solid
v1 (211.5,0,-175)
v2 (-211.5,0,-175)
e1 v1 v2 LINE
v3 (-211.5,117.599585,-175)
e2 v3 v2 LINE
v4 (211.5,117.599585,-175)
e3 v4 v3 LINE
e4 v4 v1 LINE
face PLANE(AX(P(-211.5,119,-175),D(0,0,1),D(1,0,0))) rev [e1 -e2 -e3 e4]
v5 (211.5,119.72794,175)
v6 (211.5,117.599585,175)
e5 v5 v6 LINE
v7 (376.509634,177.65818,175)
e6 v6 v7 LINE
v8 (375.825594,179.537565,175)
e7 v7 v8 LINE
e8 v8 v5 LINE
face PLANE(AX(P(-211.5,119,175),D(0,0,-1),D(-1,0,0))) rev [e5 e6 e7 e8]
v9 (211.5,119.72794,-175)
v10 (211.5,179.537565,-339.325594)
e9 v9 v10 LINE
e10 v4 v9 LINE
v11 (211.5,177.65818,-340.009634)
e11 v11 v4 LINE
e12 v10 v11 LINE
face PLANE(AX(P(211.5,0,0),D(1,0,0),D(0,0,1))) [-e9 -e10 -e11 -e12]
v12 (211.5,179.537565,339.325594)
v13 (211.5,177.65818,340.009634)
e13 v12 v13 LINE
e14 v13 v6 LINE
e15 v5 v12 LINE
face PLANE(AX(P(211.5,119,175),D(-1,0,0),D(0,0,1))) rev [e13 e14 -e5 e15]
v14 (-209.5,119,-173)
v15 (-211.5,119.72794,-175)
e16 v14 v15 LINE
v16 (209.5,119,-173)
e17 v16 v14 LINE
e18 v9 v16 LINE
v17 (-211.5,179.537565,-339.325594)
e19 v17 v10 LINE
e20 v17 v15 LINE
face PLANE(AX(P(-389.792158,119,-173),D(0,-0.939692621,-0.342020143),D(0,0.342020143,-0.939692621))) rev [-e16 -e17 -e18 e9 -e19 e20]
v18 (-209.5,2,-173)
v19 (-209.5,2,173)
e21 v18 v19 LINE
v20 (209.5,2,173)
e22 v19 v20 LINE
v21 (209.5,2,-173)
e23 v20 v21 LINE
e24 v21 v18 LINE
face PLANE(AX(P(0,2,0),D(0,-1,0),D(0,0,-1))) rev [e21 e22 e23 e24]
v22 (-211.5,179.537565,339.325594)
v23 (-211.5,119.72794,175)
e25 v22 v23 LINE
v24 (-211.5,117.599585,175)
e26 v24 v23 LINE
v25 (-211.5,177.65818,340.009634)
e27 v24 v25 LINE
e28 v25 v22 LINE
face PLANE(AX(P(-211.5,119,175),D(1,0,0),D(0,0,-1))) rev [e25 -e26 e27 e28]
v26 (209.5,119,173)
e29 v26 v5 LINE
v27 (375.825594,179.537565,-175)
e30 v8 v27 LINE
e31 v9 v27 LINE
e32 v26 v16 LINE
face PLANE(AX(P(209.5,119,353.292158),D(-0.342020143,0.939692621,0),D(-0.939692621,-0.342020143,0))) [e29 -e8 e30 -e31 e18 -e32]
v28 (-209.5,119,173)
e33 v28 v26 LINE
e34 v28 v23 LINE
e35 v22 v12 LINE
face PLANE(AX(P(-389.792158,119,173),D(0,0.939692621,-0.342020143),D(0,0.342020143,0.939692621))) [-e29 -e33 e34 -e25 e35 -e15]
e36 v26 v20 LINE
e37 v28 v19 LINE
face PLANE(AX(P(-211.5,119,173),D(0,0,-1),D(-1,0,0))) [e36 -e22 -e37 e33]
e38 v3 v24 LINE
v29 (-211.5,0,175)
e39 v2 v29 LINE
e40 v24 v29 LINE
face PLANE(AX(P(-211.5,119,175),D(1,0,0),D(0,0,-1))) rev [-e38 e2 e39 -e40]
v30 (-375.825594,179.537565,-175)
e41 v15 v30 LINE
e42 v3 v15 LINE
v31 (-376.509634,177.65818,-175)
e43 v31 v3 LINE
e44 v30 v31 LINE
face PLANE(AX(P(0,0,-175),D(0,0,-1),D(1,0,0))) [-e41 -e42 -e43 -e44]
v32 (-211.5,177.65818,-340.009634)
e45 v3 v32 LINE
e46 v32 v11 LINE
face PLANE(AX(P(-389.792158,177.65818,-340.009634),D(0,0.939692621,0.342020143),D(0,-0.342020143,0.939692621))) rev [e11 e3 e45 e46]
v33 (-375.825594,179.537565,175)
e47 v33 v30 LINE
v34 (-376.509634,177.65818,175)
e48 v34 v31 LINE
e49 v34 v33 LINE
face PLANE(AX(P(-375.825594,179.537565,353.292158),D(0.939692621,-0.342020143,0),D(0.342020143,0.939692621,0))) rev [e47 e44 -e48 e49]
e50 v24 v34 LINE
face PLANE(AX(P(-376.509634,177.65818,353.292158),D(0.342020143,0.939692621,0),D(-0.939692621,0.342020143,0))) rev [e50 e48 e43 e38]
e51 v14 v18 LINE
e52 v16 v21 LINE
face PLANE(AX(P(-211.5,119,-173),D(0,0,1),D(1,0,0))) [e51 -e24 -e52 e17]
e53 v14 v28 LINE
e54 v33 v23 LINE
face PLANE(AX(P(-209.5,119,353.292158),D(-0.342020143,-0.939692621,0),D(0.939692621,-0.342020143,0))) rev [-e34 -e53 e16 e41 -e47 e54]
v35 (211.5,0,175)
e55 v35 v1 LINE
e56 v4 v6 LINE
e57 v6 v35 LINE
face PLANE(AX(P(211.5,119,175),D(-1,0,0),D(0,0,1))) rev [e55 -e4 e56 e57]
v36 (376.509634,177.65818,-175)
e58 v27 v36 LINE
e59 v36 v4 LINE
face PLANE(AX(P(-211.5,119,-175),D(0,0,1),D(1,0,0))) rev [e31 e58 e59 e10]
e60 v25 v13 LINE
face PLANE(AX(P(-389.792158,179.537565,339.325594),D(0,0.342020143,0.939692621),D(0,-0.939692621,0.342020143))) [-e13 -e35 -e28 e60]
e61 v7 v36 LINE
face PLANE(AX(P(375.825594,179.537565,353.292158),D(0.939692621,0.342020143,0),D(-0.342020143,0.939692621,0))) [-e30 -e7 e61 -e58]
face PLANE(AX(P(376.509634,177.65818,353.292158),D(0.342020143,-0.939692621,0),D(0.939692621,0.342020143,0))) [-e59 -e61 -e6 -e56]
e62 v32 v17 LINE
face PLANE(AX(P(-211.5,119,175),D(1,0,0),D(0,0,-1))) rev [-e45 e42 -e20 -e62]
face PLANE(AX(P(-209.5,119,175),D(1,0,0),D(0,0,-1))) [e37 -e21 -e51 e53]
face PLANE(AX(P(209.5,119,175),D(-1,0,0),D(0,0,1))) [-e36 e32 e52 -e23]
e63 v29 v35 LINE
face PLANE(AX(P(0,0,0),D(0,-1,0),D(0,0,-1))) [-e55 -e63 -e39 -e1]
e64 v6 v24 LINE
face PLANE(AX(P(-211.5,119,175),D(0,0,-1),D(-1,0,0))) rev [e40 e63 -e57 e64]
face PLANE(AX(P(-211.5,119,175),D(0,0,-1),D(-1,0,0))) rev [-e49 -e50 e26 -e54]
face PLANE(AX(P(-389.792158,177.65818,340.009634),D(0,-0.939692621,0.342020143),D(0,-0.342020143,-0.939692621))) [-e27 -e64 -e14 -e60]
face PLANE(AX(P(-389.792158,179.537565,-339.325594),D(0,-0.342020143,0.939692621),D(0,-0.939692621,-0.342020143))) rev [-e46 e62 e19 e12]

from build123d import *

# Parameters (mm, degrees)
SKETCH1_W           = 423
SKETCH1_H           = 350
BOSS_EXTRUDE1_DEPTH = 119
SHELL1_T            = -2
BOSS_EXTRUDE2_REACH = 474.985
BOSS_EXTRUDE3_REACH = 586.979


with BuildPart() as part:
    # Sketch1 → Boss-Extrude1 (new body)
    with BuildSketch(Plane(origin=(0, 0, 0), x_dir=(1, 0, 0), z_dir=(0, 1, 0))):
        Rectangle(SKETCH1_W, SKETCH1_H)
    extrude(amount=BOSS_EXTRUDE1_DEPTH)

    # Shell1
    shell1_openings = [part.faces().sort_by_distance(p)[0] for p in [
        (0, 119, 0),
    ]]
    offset(amount=SHELL1_T, openings=shell1_openings, kind=Kind.INTERSECTION)

    # Boss-Extrude2: up to this face of the body (flat: up to its plane)
    boss_extrude2_end = Plane(part.part.faces().sort_by_distance((-211.5, 59.5, 0))[0])
    # Sketch2 → Boss-Extrude2 (add, up to the picked face)
    with BuildSketch(Plane(origin=(211.5, 0, 0), x_dir=(0, 0, -1), z_dir=(1, 0, 0)), mode=Mode.PRIVATE) as boss_extrude2_sk1:
        Polygon((-173, 119), (-339.325593879, 179.537565369), (-340.009634166, 177.658180127), (-173.684040287, 117.120614758), align=None)
    boss_extrude2_tool1 = split(extrude(boss_extrude2_sk1.sketch, amount=-BOSS_EXTRUDE2_REACH, mode=Mode.PRIVATE), bisect_by=boss_extrude2_end, keep=Keep.BOTH, mode=Mode.PRIVATE)
    boss_extrude2 = boss_extrude2_tool1.solids().sort_by(Axis((211.5, 148.32909, 256.504817), (-1, 0, 0)))[0]
    add(boss_extrude2)

    # Boss-Extrude3: up to this face of the body (flat: up to its plane)
    boss_extrude3_end = Plane(part.part.faces().sort_by_distance((0, 58.799792462, 175))[0])
    # Sketch4 → Boss-Extrude3 (add, up to the picked face)
    with BuildSketch(Plane(origin=(0, 0, -175), x_dir=(-1, 0, 0), z_dir=(0, 0, -1)), mode=Mode.PRIVATE) as boss_extrude3_sk1:
        Polygon((-209.5, 119), (-375.825593879, 179.537565369), (-376.509634166, 177.658180127), (-210.184040287, 117.120614758), align=None)
    boss_extrude3_tool1 = split(extrude(boss_extrude3_sk1.sketch, amount=-BOSS_EXTRUDE3_REACH, mode=Mode.PRIVATE), bisect_by=boss_extrude3_end, keep=Keep.BOTH, mode=Mode.PRIVATE)
    boss_extrude3 = boss_extrude3_tool1.solids().sort_by(Axis((293.004817, 148.32909, -175), (0, 0, 1)))[0]
    add(boss_extrude3)

    # Mirror1: Boss-Extrude2 across plane
    add(boss_extrude2.mirror(Plane.XY))

    # Mirror2: Boss-Extrude3 across plane
    add(boss_extrude3.mirror(Plane(origin=(0, 0, 0), x_dir=(0, 0, 1), z_dir=(1, 0, 0))))


solid = part.part
